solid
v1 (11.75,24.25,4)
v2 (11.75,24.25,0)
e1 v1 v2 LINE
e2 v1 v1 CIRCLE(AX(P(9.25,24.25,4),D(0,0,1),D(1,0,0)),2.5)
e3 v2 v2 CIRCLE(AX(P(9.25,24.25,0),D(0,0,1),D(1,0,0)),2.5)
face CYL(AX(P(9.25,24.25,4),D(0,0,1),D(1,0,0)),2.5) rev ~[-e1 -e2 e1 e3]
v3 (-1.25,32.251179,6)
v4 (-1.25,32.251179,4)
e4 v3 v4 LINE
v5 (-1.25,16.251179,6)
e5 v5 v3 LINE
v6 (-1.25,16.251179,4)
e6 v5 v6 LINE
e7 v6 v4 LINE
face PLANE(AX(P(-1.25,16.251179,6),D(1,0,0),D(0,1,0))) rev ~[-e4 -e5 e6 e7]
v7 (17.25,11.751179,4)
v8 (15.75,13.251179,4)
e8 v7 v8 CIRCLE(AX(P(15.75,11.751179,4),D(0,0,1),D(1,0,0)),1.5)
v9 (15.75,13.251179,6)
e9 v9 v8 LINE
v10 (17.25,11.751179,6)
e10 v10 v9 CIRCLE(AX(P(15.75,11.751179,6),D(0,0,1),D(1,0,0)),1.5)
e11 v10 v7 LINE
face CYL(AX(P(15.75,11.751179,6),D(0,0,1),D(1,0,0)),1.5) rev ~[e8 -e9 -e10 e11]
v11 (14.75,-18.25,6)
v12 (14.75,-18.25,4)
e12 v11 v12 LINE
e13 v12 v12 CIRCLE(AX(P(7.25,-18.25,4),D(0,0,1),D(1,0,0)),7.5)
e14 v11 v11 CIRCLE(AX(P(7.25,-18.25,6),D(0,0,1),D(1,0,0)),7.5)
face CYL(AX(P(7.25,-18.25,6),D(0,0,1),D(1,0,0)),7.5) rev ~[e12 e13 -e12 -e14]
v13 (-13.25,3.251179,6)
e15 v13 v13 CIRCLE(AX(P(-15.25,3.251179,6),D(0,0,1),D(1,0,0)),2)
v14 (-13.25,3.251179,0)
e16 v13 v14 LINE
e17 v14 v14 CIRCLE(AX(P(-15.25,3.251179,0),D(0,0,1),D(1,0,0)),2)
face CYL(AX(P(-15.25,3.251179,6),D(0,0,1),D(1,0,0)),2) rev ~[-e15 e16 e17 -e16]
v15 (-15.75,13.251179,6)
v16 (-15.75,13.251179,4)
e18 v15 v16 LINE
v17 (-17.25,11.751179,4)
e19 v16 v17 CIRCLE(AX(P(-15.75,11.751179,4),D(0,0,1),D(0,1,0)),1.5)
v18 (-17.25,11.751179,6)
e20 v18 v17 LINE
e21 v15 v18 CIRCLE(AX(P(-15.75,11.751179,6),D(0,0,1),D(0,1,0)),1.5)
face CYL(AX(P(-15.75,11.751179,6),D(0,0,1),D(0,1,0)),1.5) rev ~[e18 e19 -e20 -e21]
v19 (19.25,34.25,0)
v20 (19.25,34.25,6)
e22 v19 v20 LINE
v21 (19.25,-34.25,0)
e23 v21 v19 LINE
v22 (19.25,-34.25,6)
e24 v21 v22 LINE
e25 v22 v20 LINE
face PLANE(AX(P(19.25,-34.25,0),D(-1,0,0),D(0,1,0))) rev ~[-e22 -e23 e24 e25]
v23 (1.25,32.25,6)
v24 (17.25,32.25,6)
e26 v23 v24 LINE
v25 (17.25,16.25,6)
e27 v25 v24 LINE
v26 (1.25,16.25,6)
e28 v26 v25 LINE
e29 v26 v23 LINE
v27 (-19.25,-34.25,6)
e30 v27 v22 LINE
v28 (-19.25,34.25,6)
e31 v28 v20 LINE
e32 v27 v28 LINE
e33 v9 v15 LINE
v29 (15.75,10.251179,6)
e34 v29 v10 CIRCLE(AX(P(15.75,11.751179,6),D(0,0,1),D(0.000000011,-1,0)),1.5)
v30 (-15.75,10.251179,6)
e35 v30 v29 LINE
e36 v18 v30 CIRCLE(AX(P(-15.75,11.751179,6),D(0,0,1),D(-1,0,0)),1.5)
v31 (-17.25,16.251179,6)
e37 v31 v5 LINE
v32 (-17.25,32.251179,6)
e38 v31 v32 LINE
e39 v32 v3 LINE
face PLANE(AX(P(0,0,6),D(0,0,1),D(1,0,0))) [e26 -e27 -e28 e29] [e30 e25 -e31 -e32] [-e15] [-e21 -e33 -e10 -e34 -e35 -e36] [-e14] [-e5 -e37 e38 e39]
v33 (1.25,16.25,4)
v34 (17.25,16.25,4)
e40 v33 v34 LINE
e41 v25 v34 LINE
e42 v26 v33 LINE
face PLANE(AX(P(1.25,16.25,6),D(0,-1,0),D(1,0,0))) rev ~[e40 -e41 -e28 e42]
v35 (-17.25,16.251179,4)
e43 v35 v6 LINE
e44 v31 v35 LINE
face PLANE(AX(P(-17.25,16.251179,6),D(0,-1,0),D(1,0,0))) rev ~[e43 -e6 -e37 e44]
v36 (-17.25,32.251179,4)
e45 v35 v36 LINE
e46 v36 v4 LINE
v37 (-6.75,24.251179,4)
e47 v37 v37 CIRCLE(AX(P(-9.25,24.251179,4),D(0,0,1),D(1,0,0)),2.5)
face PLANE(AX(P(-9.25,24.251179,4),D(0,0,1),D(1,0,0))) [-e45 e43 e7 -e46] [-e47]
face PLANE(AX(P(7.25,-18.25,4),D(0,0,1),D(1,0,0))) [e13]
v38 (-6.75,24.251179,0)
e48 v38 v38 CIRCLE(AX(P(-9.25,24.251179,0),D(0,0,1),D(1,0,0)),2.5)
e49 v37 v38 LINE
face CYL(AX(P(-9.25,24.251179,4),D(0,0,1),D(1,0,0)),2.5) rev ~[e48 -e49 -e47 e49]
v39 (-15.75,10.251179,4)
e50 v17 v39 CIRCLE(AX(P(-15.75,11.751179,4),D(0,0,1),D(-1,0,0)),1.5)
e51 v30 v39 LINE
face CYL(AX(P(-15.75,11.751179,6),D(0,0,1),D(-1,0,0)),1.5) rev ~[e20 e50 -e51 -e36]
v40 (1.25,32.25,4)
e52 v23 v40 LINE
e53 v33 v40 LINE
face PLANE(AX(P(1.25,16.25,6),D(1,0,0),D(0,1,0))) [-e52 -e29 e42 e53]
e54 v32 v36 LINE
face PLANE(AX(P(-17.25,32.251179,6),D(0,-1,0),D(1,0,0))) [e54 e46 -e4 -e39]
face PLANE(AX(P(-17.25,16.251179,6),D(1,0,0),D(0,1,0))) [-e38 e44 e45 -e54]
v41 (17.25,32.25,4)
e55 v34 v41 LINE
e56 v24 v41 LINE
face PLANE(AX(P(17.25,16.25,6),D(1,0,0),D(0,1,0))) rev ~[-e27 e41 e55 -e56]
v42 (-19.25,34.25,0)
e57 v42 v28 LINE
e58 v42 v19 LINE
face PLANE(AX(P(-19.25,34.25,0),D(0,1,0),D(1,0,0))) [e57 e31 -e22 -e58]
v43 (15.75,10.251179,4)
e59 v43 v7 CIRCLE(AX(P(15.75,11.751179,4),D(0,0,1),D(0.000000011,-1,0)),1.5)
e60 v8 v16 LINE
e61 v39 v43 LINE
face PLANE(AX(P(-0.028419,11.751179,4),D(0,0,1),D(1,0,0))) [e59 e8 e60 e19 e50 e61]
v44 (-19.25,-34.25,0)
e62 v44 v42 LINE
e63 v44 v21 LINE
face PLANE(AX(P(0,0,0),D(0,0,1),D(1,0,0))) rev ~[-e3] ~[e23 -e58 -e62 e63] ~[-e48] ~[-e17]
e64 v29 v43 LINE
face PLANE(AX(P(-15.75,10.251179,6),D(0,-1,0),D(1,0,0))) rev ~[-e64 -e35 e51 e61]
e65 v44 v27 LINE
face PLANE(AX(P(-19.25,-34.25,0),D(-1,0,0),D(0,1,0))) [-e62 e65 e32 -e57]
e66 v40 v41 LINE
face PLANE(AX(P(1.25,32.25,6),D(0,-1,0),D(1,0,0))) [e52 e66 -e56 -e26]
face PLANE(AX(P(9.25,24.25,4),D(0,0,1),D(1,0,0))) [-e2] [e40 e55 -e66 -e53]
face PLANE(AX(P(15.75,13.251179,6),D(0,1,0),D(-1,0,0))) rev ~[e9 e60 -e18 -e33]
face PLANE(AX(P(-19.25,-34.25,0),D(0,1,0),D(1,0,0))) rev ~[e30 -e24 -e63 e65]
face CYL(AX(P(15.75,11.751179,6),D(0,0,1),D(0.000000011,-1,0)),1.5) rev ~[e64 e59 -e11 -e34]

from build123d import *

# Parameters (mm, degrees)
F0_W      = 38.5
F0_H      = 68.5
F1_DEPTH  = 6
F2_W      = 16
F2_H      = 16
F3_DEPTH  = 2
F5_DEPTH  = 2
F6_R      = 7.5
F7_DEPTH  = 2
F8_R      = 2
F9_DEPTH  = 8
F10_R     = 2.5
F11_DEPTH = 25
F12_R     = 2.5
F13_DEPTH = 25


with BuildPart() as f1:
    # F0 (on Top) → F1 (new body)
    with BuildSketch(Plane.XY):
        Rectangle(F0_W, F0_H)
    extrude(amount=F1_DEPTH)

    # F2 (on face) → F3 (cut)
    with BuildSketch(Plane.XY.offset(6)):
        with Locations((-9.25, 24.2511786477)):
            Rectangle(F2_W, F2_H)
        with Locations((9.25, 24.25)):
            Rectangle(F2_W, F2_H)
    extrude(amount=-F3_DEPTH, mode=Mode.SUBTRACT)

    # F4 (on face) → F5 (cut)
    with BuildSketch(Plane.XY.offset(6)):
        with BuildLine():
            Line((15.7500000197, 13.2511786477), (-15.75, 13.2511786477))
            ThreePointArc((-15.75, 13.2511786477), (-14.6893398282, 12.8118388195), (-14.25, 11.7511786477))
            ThreePointArc((-14.25, 11.7511786477), (-14.6893398282, 10.6905184759), (-15.75, 10.2511786477))
            Line((-15.75, 10.2511786477), (15.7500000167, 10.2511786477))
            ThreePointArc((15.7500000167, 10.2511786477), (14.25, 11.7511786492), (15.7500000197, 13.2511786477))
        make_face()
        with BuildLine():
            ThreePointArc((-14.25, 11.7511786477), (-14.6893398282, 12.8118388195), (-15.75, 13.2511786477))
            ThreePointArc((-15.75, 13.2511786477), (-16.8106601718, 12.8118388195), (-17.25, 11.7511786477))
            ThreePointArc((-17.25, 11.7511786477), (-16.8106601718, 10.6905184759), (-15.75, 10.2511786477))
            ThreePointArc((-15.75, 10.2511786477), (-14.6893398282, 10.6905184759), (-14.25, 11.7511786477))
        make_face()
        with BuildLine():
            ThreePointArc((17.25, 11.7511786477), (16.8106601788, 12.8118388125), (15.7500000197, 13.2511786477))
            ThreePointArc((15.7500000197, 13.2511786477), (14.25, 11.7511786492), (15.7500000167, 10.2511786477))
            ThreePointArc((15.7500000167, 10.2511786477), (16.8106601777, 10.6905184818), (17.25, 11.7511786477))
        make_face()
    extrude(amount=-F5_DEPTH, mode=Mode.SUBTRACT)

    # F6 (on face) → F7 (cut)
    with BuildSketch(Plane.XY.offset(6)):
        with Locations((7.25, -18.25)):
            Circle(F6_R)
    extrude(amount=-F7_DEPTH, mode=Mode.SUBTRACT)

    # F8 (on face) → F9 (cut)
    with BuildSketch(Plane.XY.offset(6)):
        with Locations((-15.25, 3.2511786477)):
            Circle(F8_R)
    extrude(amount=-F9_DEPTH, mode=Mode.SUBTRACT)

    # F10 (on face) → F11 (cut)
    with BuildSketch(Plane.XY.offset(4)):
        with Locations((-9.25, 24.2511786477)):
            Circle(F10_R)
    extrude(amount=-F11_DEPTH, mode=Mode.SUBTRACT)

    # F12 (on face) → F13 (cut)
    with BuildSketch(Plane.XY.offset(4)):
        with Locations((9.25, 24.25)):
            Circle(F12_R)
    extrude(amount=-F13_DEPTH, mode=Mode.SUBTRACT)


solid = f1.part
